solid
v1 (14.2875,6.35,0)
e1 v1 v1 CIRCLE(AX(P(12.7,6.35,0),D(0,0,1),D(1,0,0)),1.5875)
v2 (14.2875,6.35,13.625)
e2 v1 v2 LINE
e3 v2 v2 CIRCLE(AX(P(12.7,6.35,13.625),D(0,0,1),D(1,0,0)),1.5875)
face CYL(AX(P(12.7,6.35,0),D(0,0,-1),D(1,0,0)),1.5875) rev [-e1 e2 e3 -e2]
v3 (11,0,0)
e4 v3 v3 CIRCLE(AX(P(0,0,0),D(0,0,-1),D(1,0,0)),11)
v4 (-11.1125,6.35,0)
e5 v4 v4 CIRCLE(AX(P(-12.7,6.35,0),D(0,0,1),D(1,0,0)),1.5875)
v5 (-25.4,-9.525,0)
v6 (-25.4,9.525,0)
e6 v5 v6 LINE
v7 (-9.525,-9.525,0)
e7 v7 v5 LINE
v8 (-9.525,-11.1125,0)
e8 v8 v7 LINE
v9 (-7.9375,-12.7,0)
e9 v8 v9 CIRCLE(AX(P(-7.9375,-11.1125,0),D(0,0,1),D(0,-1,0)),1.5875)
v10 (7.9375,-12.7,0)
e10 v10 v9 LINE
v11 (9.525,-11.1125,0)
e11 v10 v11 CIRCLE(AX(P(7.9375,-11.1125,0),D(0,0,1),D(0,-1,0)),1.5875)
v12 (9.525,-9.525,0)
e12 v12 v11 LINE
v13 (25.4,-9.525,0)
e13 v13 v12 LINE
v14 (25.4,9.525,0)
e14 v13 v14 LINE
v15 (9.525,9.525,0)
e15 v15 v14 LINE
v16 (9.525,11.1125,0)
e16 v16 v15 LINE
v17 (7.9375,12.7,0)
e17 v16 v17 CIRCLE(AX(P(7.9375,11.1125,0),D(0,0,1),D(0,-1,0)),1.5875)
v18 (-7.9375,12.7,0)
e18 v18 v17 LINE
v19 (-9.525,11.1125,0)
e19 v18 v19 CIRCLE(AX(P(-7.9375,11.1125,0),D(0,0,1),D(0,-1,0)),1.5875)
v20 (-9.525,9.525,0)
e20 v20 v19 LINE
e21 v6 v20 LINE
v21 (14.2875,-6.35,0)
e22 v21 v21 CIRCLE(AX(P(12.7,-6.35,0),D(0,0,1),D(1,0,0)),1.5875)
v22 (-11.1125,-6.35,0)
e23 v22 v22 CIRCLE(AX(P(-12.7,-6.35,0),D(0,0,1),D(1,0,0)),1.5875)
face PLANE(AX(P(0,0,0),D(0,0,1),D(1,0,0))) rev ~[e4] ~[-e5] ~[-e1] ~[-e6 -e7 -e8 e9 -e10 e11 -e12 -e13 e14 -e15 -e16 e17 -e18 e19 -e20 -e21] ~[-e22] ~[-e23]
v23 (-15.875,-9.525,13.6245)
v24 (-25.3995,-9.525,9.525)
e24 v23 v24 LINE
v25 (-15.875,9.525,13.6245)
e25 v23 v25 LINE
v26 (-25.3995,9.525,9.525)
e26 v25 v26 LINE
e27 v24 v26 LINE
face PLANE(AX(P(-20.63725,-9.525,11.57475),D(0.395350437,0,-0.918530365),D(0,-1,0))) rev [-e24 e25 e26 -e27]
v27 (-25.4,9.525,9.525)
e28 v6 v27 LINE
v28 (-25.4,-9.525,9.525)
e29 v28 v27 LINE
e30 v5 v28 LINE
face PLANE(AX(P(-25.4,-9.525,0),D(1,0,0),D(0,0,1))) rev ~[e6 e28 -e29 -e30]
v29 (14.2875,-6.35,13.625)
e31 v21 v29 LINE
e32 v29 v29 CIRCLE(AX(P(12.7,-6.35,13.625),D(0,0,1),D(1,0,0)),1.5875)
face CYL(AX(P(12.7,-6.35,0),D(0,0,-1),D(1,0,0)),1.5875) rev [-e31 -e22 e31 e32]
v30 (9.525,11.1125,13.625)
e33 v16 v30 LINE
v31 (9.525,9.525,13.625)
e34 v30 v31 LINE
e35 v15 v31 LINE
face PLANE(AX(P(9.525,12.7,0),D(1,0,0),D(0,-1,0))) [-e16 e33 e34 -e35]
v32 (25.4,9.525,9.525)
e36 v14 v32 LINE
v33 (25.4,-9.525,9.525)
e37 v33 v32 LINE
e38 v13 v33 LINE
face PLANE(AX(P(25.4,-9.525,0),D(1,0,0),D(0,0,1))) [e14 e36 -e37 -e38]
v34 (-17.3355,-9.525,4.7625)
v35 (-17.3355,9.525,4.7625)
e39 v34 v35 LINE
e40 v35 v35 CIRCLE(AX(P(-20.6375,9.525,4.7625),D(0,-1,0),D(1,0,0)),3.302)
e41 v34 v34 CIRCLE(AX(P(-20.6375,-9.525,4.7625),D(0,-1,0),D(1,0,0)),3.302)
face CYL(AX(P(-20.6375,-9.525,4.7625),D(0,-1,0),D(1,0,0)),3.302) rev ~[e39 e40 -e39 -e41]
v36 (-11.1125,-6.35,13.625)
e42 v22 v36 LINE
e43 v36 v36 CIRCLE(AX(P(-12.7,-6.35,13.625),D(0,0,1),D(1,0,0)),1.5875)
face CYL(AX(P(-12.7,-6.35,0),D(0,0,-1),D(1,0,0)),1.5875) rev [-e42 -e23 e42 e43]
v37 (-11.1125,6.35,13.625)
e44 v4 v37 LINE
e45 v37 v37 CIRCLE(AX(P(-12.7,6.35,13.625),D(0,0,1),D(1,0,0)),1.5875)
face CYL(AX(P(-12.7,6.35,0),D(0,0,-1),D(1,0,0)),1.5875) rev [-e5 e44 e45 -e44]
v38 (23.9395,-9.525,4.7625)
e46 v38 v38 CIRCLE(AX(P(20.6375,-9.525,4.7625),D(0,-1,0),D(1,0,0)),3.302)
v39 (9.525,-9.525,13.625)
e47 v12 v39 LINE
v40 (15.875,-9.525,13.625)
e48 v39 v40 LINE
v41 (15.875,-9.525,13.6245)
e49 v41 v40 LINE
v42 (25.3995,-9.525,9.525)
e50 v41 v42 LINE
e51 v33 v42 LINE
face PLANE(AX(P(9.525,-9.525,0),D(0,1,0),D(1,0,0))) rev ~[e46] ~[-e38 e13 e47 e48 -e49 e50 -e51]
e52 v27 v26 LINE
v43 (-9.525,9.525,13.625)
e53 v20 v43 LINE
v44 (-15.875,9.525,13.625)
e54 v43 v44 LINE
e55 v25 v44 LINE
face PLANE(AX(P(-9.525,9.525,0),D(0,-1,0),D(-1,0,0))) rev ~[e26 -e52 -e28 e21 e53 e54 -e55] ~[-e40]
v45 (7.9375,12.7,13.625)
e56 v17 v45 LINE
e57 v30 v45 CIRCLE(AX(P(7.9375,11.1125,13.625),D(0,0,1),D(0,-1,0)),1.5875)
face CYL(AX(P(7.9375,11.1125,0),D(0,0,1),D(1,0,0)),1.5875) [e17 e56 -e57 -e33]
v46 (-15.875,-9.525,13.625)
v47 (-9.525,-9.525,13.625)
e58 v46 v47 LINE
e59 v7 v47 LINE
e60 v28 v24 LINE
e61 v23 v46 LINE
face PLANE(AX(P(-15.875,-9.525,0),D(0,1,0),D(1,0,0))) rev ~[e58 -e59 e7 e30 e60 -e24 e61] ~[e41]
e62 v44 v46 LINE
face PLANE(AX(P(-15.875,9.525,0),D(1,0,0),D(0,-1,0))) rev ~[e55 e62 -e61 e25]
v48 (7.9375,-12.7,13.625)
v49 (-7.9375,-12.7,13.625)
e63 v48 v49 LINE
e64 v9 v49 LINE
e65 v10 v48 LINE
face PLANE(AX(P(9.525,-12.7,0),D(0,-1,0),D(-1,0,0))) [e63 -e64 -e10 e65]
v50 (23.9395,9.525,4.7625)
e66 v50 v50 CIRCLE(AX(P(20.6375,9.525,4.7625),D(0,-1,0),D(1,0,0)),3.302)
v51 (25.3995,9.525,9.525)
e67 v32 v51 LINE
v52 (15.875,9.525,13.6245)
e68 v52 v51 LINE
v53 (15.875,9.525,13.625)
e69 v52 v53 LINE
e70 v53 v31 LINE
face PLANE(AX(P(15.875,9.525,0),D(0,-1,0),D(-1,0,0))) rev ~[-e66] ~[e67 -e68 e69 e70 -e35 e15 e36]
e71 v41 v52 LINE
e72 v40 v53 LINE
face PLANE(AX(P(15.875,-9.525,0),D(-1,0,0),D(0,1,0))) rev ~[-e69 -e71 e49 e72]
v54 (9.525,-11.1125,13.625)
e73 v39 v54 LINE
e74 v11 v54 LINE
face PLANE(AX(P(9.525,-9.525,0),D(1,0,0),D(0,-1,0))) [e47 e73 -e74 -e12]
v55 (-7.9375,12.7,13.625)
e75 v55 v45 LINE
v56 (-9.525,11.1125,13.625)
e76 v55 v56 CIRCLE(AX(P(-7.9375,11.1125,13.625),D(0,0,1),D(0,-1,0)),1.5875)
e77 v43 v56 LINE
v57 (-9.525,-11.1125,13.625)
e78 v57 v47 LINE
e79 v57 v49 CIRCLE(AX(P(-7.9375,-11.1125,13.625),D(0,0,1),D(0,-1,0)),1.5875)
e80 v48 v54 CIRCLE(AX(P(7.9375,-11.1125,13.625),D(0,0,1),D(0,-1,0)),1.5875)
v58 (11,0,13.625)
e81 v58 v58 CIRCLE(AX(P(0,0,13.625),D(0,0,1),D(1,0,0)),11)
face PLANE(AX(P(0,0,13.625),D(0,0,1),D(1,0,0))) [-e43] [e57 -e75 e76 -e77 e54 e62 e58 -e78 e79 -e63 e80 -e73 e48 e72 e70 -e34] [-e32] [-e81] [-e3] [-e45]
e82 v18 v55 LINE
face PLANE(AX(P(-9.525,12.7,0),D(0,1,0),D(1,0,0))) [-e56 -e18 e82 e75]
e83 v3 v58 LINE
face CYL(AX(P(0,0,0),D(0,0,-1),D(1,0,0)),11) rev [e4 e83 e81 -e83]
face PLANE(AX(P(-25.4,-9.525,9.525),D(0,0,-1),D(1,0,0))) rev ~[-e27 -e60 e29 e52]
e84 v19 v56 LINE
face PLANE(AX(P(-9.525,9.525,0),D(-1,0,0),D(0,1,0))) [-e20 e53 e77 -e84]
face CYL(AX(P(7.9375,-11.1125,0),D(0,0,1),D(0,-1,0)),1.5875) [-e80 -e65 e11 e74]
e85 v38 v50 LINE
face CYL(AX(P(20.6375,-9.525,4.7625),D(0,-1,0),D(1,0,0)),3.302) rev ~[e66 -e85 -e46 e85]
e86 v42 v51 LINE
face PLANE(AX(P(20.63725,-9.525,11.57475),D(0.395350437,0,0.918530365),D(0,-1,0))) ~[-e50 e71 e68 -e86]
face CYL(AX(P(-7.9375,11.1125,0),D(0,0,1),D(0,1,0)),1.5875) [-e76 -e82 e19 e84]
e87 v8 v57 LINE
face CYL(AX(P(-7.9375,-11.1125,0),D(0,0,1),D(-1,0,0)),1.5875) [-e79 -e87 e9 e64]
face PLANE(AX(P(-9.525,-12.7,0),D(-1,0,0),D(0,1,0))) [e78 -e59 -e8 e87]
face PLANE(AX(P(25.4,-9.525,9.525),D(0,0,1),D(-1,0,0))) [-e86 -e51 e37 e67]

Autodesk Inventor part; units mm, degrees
ref_plane "YZ Plane" through (0, 0, 0) normal (1, 0, 0) x (0, 1, 0)
ref_plane "XZ Plane" through (0, 0, 0) normal (0, 1, 0) x (-1, 0, 0)
ref_plane "XY Plane" through (0, 0, 0) normal (0, 0, 1) x (1, 0, 0)
sketch "Sketch1" plane through (0, 0, 0) normal (0, 0, 1) x (1, 0, 0)
  line L0 (-12.7, -6.35) -> (12.7, -6.35) construction
  line L1 (12.7, -6.35) -> (12.7, 6.35) construction
  line L2 (12.7, 6.35) -> (-12.7, 6.35) construction
  line L3 (-12.7, 6.35) -> (-12.7, -6.35) construction
  line L4 (-12.7, -6.35) -> (12.7, 6.35) construction
  line L5 (12.7, -6.35) -> (-12.7, 6.35) construction
  circle A0 centre (0, 0) radius 11
  circle A1 centre (-12.7, 6.35) radius 1.5875
  circle A2 centre (12.7, 6.35) radius 1.5875
  circle A3 centre (-12.7, -6.35) radius 1.5875
  circle A4 centre (12.7, -6.35) radius 1.5875
  line L6 (-15.875, -9.525) -> (15.875, -9.525)
  line L7 (15.875, -9.525) -> (15.875, 9.525)
  line L8 (15.875, 9.525) -> (-15.875, 9.525)
  line L9 (-15.875, 9.525) -> (-15.875, -9.525)
  line L10 (-15.875, -9.525) -> (15.875, 9.525) construction
  line L11 (15.875, -9.525) -> (-15.875, 9.525) construction
  line L12 (9.525, -12.7) -> (-9.525, -12.7)
  line L13 (-9.525, -12.7) -> (-9.525, 12.7)
  line L14 (-9.525, 12.7) -> (9.525, 12.7)
  line L15 (9.525, 12.7) -> (9.525, -12.7)
  line L16 (9.525, -12.7) -> (-9.525, 12.7) construction
  line L17 (-9.525, -12.7) -> (9.525, 12.7) construction
  point P0 (-9.525, 9.525)
  point P1 (-5.5022, 9.525)
  point P2 (5.5022, 9.525)
  point P3 (9.525, 9.525)
  point P4 (9.525, -9.525)
  point P5 (5.5022, -9.525)
  point P6 (-5.5022, -9.525)
  point P7 (-9.525, -9.525)
  dimension "d0" = 25.4
  dimension "d1" = 12.7
  dimension "d2" = 22
  dimension "d3" = 3.175
  dimension "d6" = 25.4
  dimension "d9" = 12.7
  dimension "d12" = 31.75
  dimension "d13" = 19.05
  dimension "d42" = 19.05
  dimension "d43" = 25.4
extrude "Extrusion1" add sketch "Sketch1" along normal blind 13.625 contours A0 L15 L8 L7 L6 | A0 L8 L15 | L15 L6 A0 | A0 L8 L13 L14 L15 | L6 L15 L12 L13 A0 | A0 L13 L8 | L6 L13 A0 | A0 L13 L6 L9 L8
ref_plane "Work Plane1" through (-15.875, -6.35, 0) normal (0, -1, 0) x (1, 0, 0)
sketch "Sketch2" plane through (-15.875, -9.525, 0) normal (0, -1, 0) x (1, 0, 0)
  line L0 (0, 0) -> (0, 13.625) projected
  line L1 (0, 0) -> (-9.525, 0)
  line L2 (-9.525, 0) -> (-9.525, 9.525)
  line L3 (-9.525, 9.525) -> (0, 9.525)
  line L4 (0, 9.525) -> (0, 0)
  line L5 (-9.525, 9.525) -> (0, 0) construction
  circle A0 centre (-4.7625, 4.7625) radius 3.302
  line L6 (15.875, 0) -> (15.875, -6.35) construction
  line L7 (31.75, 0) -> (41.275, 0)
  line L8 (41.275, 0) -> (41.275, 9.525)
  line L9 (41.275, 9.525) -> (31.75, 9.525)
  line L10 (31.75, 9.525) -> (31.75, 0)
  line L11 (41.275, 9.525) -> (31.75, 0) construction
  circle A1 centre (36.5125, 4.7625) radius 3.302
  point P0 (0, 9.525)
  dimension "d38" = 9.525
  dimension "d39" = 9.525
  dimension "d40" = 6.604
  dimension "d41" = 6.35
extrude "Extrusion2" add sketch "Sketch2" against normal blind 19.05
chamfer "Chamfer2" distance 4.1 distance2 9.525 1 edges at (-15.875, 0, 9.525) measured on face at (-15.875, 3.175, 12.2583)
chamfer "Chamfer3" distance 4.1 distance2 9.525 1 edges at (15.875, 0, 9.525) measured on face at (15.875, -3.175, 12.2583)
fillet "Fillet3" radius 1.5875 4 edges at (9.525, -12.7, 6.8125) (-9.525, -12.7, 6.8125) (-9.525, 12.7, 6.8125) (9.525, 12.7, 6.8125)
equation "\"d6\" = d0"
equation "\"d9\" = d1"
properties part number "Motor Sleeve" material "UHMW, White"
